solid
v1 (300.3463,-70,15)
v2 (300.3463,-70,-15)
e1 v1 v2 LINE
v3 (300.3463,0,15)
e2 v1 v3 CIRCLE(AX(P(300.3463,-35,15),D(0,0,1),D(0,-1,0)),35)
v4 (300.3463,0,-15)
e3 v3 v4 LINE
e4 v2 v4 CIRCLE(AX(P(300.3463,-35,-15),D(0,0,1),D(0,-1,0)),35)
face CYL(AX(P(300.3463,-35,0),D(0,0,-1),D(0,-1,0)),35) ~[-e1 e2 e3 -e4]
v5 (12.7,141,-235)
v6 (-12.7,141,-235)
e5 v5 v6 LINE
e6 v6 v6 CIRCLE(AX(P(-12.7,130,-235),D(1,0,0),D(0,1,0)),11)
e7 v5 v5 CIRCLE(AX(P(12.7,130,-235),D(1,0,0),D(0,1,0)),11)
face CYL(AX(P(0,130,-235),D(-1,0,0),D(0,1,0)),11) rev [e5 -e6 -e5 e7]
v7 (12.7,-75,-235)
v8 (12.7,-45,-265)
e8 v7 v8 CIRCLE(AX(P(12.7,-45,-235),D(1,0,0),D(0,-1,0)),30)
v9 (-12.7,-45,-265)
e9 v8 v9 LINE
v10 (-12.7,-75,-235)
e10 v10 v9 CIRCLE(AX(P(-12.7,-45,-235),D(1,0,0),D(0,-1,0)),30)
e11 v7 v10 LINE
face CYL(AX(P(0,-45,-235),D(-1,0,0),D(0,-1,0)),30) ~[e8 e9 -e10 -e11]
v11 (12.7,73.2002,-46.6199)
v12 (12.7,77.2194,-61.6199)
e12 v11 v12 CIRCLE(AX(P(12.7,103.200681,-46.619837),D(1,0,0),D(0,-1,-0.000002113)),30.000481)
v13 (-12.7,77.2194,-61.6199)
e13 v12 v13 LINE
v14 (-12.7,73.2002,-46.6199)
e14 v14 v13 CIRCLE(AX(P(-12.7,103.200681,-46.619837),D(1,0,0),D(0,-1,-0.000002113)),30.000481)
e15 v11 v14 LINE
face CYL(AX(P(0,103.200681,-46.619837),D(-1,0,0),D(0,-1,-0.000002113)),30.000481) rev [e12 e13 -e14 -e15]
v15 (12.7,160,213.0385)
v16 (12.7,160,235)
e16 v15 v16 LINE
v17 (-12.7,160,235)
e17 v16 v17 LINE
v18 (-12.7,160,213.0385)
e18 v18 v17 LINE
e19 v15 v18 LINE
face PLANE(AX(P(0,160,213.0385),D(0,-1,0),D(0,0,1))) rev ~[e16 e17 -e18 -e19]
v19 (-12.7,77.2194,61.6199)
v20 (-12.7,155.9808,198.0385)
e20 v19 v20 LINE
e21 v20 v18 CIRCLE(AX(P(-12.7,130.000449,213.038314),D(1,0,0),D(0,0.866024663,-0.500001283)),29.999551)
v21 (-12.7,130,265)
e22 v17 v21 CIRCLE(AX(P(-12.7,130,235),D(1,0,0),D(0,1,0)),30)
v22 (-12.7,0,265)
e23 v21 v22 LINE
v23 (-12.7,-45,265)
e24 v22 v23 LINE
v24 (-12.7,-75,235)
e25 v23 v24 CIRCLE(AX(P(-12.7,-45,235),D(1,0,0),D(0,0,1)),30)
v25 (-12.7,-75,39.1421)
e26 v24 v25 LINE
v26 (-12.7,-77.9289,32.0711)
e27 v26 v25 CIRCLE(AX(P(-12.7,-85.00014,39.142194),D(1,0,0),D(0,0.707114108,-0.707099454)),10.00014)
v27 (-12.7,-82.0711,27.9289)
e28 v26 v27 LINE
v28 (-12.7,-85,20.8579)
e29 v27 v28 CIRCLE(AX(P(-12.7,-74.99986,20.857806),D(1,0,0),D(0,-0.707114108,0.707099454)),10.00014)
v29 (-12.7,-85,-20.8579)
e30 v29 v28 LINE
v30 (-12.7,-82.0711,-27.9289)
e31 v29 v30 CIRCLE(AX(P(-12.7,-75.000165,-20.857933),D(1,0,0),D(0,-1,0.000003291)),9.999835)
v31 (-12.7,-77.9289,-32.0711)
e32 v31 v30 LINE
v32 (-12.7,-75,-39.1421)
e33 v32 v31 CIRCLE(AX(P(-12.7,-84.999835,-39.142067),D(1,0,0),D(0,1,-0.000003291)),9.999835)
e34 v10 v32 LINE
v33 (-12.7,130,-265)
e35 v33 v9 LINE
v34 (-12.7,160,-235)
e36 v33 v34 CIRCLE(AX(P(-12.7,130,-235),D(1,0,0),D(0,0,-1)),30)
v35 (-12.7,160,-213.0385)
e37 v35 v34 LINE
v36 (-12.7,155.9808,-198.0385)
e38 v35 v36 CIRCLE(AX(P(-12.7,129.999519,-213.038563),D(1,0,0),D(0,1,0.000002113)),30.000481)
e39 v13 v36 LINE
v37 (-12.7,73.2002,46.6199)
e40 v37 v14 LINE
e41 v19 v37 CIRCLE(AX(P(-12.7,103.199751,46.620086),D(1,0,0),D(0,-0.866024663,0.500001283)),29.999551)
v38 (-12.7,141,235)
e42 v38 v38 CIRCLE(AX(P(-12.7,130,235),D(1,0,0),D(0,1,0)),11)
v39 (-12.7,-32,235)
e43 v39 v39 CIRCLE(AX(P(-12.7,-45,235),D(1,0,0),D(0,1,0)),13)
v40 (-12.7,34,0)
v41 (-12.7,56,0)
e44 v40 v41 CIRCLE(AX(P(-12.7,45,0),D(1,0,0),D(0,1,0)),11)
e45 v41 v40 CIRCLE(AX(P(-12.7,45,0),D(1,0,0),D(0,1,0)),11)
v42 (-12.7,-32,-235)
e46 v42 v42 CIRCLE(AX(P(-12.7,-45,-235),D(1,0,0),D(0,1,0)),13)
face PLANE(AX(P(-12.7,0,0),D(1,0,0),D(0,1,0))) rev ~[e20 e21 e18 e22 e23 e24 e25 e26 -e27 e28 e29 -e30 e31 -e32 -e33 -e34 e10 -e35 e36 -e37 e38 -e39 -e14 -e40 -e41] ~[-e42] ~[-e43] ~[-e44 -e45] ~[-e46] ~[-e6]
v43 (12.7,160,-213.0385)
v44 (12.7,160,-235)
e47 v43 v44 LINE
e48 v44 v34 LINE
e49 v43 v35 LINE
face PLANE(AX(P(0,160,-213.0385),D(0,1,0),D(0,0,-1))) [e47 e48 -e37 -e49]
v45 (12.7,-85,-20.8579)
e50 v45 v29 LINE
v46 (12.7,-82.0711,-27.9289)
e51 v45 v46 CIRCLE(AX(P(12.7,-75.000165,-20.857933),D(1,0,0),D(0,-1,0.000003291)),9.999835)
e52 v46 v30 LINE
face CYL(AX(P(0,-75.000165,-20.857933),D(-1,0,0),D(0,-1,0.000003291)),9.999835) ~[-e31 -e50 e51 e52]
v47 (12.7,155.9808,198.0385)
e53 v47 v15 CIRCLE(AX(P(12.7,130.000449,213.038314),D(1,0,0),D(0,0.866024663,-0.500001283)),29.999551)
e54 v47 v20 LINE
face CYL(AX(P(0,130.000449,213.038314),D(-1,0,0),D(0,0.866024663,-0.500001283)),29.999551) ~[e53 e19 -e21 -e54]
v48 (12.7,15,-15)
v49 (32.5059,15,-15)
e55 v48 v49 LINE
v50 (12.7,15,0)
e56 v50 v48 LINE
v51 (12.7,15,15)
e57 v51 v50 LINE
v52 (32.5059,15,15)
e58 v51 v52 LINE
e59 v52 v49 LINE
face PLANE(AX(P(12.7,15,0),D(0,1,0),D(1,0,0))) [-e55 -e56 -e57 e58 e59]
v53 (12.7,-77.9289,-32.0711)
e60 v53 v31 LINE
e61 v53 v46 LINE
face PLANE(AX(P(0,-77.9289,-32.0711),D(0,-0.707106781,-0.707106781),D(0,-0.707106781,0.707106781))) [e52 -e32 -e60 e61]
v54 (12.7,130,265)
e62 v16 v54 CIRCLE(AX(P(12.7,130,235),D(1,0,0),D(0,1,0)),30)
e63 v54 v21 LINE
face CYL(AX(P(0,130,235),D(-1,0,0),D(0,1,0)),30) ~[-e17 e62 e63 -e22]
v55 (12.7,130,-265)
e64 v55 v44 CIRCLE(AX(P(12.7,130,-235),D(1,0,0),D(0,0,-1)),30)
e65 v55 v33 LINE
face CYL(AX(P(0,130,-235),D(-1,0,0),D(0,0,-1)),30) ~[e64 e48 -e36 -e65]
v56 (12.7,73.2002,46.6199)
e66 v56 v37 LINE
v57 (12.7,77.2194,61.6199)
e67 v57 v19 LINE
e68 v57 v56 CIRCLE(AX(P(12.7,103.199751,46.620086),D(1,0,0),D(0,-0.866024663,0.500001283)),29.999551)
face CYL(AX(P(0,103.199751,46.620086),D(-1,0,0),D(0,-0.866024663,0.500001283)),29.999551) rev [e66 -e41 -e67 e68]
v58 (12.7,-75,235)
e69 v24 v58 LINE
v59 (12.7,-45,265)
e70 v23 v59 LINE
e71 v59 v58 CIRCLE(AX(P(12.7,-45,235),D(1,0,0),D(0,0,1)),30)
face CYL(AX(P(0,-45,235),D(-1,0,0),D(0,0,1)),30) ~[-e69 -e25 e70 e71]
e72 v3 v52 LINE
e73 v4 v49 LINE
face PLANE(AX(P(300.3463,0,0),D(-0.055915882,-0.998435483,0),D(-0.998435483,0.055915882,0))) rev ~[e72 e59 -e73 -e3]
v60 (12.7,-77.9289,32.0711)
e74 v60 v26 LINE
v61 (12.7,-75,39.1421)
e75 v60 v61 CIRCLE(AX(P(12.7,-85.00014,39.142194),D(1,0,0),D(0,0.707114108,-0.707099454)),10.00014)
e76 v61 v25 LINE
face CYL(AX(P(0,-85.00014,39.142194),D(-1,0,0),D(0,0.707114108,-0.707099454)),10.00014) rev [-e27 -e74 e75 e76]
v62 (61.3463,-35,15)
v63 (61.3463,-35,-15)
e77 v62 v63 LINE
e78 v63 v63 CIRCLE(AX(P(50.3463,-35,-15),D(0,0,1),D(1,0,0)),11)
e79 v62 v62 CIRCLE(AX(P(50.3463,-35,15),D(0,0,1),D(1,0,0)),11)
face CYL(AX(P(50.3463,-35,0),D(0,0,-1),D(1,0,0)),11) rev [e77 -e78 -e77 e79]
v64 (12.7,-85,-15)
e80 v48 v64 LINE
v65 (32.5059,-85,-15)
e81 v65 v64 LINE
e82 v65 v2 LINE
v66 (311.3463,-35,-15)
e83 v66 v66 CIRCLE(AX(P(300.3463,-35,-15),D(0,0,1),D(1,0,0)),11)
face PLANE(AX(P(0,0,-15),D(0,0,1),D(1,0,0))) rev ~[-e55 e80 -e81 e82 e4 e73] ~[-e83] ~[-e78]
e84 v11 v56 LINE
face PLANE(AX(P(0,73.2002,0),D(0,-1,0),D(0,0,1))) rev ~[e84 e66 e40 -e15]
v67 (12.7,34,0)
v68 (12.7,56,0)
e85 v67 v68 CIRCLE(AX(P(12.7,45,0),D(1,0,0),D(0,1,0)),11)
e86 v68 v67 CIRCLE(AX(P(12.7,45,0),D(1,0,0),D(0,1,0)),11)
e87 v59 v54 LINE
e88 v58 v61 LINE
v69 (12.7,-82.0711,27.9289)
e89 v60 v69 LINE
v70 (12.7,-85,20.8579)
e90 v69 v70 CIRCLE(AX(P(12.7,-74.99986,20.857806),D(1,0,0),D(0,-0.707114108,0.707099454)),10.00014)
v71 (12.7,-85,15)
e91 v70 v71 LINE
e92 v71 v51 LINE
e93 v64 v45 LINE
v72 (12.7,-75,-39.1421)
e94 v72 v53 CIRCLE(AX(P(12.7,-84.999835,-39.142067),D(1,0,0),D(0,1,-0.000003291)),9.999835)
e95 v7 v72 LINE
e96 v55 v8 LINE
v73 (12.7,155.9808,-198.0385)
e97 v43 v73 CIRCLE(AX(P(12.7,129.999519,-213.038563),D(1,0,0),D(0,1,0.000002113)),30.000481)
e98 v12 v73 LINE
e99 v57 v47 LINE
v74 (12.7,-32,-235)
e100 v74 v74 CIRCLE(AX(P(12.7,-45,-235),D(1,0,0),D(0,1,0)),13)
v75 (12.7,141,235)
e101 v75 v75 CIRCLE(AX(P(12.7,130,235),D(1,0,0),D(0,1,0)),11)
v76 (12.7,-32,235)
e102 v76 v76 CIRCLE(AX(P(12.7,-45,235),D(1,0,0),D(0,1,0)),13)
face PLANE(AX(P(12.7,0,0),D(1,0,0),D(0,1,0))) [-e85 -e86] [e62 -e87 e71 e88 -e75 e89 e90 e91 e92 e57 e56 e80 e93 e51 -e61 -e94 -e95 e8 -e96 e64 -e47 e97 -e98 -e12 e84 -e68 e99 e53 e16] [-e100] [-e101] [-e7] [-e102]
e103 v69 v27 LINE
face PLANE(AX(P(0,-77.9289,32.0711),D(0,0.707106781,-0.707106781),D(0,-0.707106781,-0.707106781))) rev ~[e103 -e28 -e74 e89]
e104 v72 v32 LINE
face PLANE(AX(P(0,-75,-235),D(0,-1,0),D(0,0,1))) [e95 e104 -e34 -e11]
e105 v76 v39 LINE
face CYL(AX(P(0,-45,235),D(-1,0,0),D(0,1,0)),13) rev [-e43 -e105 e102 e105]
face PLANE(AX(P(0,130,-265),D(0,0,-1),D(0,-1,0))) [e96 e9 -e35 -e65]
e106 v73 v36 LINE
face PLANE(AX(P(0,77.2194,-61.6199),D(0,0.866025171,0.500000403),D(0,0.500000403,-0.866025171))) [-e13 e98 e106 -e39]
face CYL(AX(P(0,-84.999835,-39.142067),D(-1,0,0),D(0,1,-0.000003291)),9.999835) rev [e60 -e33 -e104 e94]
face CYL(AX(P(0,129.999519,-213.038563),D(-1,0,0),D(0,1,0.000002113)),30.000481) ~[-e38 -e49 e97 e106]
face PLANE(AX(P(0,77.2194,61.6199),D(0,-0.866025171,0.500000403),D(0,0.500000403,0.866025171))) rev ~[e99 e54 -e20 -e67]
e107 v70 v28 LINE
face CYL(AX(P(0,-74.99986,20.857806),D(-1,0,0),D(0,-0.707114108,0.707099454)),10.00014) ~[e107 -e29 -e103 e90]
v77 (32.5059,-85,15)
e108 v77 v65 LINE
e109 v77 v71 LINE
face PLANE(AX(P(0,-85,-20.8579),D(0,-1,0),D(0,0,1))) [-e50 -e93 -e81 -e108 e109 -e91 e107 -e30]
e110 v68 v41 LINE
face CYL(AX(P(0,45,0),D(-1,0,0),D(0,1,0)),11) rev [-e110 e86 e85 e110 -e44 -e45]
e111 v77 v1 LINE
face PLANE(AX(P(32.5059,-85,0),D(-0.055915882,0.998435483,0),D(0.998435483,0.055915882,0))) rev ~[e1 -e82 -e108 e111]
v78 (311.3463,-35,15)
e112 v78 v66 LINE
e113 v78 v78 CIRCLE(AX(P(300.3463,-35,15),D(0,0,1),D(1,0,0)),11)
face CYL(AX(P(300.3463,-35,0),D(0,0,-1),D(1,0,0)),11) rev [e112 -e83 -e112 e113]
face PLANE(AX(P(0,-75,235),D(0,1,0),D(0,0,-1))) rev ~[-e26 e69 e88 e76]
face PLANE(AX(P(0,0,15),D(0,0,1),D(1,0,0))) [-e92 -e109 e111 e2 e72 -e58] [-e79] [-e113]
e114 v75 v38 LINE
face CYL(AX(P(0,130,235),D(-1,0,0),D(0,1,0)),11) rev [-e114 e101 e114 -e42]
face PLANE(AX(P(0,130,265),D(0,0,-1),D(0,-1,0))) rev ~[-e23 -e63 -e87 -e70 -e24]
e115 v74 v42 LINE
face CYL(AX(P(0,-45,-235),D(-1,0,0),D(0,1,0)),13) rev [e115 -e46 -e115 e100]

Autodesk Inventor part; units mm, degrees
ref_plane "YZ Plane" through (0, 0, 0) normal (1, 0, 0) x (0, 1, 0)
ref_plane "XZ Plane" through (0, 0, 0) normal (0, 1, 0) x (-1, 0, 0)
ref_plane "XY Plane" through (0, 0, 0) normal (0, 0, 1) x (1, 0, 0)
sketch "Sketch1" plane through (0, 0, 0) normal (1, 0, 0) x (0, 1, 0)
  circle A0 centre (45, 0) radius 11
  line L0 (45, 0) -> (0, 0)
  circle A1 centre (130, 235) radius 11
  line L1 (73.2002, 0) -> (73.2002, 46.6199)
  line L2 (77.2194, 61.6199) -> (155.9808, 198.0385)
  line L3 (160, 213.0385) -> (160, 235)
  arc A2 (160, 235) -> (130, 265) centre (130, 235) ccw
  line L4 (130, 235) -> (130, 265) construction
  line L5 (130, 235) -> (160, 235) construction
  line L6 (130, 265) -> (-45, 265)
  line L7 (0, 0) -> (0, 265)
  circle A3 centre (-45, 235) radius 13
  arc A4 (-45, 265) -> (-75, 235) centre (-45, 235) ccw
  line L8 (-45, 235) -> (-75, 235) construction
  line L9 (-45, 235) -> (-45, 265) construction
  line L10 (-75, 235) -> (-75, 39.1421)
  line L11 (0, 0) -> (-45, 0)
  circle A5 centre (130, -235) radius 11
  line L12 (73.2002, 0) -> (73.2002, -46.6199)
  line L13 (77.2194, -61.6199) -> (155.9808, -198.0385)
  line L14 (160, -213.0385) -> (160, -235)
  arc A6 (130, -265) -> (160, -235) centre (130, -235) ccw
  line L15 (130, -265) -> (-45, -265)
  circle A7 centre (-45, -235) radius 13
  arc A8 (-75, -235) -> (-45, -265) centre (-45, -235) ccw
  line L16 (-45, -235) -> (-75, -235) construction
  line L17 (-75, -235) -> (-75, -39.1421)
  arc A9 (155.9808, 198.0385) -> (160, 213.0385) centre (130, 213.0385) ccw
  arc A10 (77.2194, 61.6199) -> (73.2002, 46.6199) centre (103.2002, 46.6199) ccw
  arc A11 (73.2002, -46.6199) -> (77.2194, -61.6199) centre (103.2002, -46.6199) ccw
  arc A12 (160, -213.0385) -> (155.9808, -198.0385) centre (130, -213.0385) ccw
  line L18 (-77.9289, 32.0711) -> (-82.0711, 27.9289)
  line L19 (-85, 20.8579) -> (-85, 0)
  line L20 (-77.9289, -32.0711) -> (-82.0711, -27.9289)
  line L21 (-85, -20.8579) -> (-85, 0)
  arc A13 (-77.9289, 32.0711) -> (-75, 39.1421) centre (-85, 39.1421) ccw
  arc A14 (-82.0711, 27.9289) -> (-85, 20.8579) centre (-75, 20.8579) ccw
  arc A15 (-85, -20.8579) -> (-82.0711, -27.9289) centre (-75, -20.8579) ccw
  arc A16 (-75, -39.1421) -> (-77.9289, -32.0711) centre (-85, -39.1421) ccw
  point P0 (73.2002, 54.6584)
  point P1 (160, 205)
  point P2 (-75, -35)
  point P3 (48.2002, -10.5242)
  point P4 (73.2002, -54.6584)
  point P5 (160, -205)
  point P6 (-85, 25)
  point P7 (-75, 35)
  point P8 (-85, -25)
  dimension "d0" = 22
  dimension "d1" = 22
  dimension "d2" = 470
  dimension "d3" = 90
  dimension "d7" = 30
  dimension "d8" = 26
  dimension "d9" = 90
  dimension "d11" = 25
  dimension "d12" = 85
  dimension "d13" = 90
  dimension "d14" = 30
  dimension "d15" = 30
  dimension "d16" = 30
  dimension "d19" = 45
  dimension "d20" = 40
  dimension "d21" = 50
  dimension "d22" = 10
extrude "Extrusion1" add sketch "Sketch1" along normal mid plane 25.4
sketch "Sketch2" plane through (0, 0, 0) normal (0, 0, 1) x (1, 0, 0)
  line L0 (12.7, -45) -> (12.7, 130) projected
  line L1 (12.7, -85) -> (12.7, -82.0711) projected
  line L2 (12.7, -85) -> (12.7, 15)
  circle A0 centre (50.3463, -35) radius 11
  line L3 (12.7, 15) -> (32.5059, 15)
  line L4 (32.5059, 15) -> (53.1062, 15) construction
  line L5 (32.5059, -85) -> (12.7, -85)
  circle A1 centre (300.3463, -35) radius 11
  line L6 (32.5059, -85) -> (176.9346, -85) construction
  arc A2 (300.3463, -70) -> (300.3463, 0) centre (300.3463, -35) ccw
  line L7 (32.5059, -85) -> (300.3463, -70)
  line L8 (300.3463, 0) -> (32.5059, 15)
  point P0 (0, 0)
  dimension "d23" = 100
  dimension "d24" = 22
  dimension "d29" = 22
  dimension "d30" = 250
  dimension "d35" = 70
extrude "Extrusion3" add sketch "Sketch2" along normal mid plane 30
properties part number "Balancim_4-Cabos_Modelo1"
